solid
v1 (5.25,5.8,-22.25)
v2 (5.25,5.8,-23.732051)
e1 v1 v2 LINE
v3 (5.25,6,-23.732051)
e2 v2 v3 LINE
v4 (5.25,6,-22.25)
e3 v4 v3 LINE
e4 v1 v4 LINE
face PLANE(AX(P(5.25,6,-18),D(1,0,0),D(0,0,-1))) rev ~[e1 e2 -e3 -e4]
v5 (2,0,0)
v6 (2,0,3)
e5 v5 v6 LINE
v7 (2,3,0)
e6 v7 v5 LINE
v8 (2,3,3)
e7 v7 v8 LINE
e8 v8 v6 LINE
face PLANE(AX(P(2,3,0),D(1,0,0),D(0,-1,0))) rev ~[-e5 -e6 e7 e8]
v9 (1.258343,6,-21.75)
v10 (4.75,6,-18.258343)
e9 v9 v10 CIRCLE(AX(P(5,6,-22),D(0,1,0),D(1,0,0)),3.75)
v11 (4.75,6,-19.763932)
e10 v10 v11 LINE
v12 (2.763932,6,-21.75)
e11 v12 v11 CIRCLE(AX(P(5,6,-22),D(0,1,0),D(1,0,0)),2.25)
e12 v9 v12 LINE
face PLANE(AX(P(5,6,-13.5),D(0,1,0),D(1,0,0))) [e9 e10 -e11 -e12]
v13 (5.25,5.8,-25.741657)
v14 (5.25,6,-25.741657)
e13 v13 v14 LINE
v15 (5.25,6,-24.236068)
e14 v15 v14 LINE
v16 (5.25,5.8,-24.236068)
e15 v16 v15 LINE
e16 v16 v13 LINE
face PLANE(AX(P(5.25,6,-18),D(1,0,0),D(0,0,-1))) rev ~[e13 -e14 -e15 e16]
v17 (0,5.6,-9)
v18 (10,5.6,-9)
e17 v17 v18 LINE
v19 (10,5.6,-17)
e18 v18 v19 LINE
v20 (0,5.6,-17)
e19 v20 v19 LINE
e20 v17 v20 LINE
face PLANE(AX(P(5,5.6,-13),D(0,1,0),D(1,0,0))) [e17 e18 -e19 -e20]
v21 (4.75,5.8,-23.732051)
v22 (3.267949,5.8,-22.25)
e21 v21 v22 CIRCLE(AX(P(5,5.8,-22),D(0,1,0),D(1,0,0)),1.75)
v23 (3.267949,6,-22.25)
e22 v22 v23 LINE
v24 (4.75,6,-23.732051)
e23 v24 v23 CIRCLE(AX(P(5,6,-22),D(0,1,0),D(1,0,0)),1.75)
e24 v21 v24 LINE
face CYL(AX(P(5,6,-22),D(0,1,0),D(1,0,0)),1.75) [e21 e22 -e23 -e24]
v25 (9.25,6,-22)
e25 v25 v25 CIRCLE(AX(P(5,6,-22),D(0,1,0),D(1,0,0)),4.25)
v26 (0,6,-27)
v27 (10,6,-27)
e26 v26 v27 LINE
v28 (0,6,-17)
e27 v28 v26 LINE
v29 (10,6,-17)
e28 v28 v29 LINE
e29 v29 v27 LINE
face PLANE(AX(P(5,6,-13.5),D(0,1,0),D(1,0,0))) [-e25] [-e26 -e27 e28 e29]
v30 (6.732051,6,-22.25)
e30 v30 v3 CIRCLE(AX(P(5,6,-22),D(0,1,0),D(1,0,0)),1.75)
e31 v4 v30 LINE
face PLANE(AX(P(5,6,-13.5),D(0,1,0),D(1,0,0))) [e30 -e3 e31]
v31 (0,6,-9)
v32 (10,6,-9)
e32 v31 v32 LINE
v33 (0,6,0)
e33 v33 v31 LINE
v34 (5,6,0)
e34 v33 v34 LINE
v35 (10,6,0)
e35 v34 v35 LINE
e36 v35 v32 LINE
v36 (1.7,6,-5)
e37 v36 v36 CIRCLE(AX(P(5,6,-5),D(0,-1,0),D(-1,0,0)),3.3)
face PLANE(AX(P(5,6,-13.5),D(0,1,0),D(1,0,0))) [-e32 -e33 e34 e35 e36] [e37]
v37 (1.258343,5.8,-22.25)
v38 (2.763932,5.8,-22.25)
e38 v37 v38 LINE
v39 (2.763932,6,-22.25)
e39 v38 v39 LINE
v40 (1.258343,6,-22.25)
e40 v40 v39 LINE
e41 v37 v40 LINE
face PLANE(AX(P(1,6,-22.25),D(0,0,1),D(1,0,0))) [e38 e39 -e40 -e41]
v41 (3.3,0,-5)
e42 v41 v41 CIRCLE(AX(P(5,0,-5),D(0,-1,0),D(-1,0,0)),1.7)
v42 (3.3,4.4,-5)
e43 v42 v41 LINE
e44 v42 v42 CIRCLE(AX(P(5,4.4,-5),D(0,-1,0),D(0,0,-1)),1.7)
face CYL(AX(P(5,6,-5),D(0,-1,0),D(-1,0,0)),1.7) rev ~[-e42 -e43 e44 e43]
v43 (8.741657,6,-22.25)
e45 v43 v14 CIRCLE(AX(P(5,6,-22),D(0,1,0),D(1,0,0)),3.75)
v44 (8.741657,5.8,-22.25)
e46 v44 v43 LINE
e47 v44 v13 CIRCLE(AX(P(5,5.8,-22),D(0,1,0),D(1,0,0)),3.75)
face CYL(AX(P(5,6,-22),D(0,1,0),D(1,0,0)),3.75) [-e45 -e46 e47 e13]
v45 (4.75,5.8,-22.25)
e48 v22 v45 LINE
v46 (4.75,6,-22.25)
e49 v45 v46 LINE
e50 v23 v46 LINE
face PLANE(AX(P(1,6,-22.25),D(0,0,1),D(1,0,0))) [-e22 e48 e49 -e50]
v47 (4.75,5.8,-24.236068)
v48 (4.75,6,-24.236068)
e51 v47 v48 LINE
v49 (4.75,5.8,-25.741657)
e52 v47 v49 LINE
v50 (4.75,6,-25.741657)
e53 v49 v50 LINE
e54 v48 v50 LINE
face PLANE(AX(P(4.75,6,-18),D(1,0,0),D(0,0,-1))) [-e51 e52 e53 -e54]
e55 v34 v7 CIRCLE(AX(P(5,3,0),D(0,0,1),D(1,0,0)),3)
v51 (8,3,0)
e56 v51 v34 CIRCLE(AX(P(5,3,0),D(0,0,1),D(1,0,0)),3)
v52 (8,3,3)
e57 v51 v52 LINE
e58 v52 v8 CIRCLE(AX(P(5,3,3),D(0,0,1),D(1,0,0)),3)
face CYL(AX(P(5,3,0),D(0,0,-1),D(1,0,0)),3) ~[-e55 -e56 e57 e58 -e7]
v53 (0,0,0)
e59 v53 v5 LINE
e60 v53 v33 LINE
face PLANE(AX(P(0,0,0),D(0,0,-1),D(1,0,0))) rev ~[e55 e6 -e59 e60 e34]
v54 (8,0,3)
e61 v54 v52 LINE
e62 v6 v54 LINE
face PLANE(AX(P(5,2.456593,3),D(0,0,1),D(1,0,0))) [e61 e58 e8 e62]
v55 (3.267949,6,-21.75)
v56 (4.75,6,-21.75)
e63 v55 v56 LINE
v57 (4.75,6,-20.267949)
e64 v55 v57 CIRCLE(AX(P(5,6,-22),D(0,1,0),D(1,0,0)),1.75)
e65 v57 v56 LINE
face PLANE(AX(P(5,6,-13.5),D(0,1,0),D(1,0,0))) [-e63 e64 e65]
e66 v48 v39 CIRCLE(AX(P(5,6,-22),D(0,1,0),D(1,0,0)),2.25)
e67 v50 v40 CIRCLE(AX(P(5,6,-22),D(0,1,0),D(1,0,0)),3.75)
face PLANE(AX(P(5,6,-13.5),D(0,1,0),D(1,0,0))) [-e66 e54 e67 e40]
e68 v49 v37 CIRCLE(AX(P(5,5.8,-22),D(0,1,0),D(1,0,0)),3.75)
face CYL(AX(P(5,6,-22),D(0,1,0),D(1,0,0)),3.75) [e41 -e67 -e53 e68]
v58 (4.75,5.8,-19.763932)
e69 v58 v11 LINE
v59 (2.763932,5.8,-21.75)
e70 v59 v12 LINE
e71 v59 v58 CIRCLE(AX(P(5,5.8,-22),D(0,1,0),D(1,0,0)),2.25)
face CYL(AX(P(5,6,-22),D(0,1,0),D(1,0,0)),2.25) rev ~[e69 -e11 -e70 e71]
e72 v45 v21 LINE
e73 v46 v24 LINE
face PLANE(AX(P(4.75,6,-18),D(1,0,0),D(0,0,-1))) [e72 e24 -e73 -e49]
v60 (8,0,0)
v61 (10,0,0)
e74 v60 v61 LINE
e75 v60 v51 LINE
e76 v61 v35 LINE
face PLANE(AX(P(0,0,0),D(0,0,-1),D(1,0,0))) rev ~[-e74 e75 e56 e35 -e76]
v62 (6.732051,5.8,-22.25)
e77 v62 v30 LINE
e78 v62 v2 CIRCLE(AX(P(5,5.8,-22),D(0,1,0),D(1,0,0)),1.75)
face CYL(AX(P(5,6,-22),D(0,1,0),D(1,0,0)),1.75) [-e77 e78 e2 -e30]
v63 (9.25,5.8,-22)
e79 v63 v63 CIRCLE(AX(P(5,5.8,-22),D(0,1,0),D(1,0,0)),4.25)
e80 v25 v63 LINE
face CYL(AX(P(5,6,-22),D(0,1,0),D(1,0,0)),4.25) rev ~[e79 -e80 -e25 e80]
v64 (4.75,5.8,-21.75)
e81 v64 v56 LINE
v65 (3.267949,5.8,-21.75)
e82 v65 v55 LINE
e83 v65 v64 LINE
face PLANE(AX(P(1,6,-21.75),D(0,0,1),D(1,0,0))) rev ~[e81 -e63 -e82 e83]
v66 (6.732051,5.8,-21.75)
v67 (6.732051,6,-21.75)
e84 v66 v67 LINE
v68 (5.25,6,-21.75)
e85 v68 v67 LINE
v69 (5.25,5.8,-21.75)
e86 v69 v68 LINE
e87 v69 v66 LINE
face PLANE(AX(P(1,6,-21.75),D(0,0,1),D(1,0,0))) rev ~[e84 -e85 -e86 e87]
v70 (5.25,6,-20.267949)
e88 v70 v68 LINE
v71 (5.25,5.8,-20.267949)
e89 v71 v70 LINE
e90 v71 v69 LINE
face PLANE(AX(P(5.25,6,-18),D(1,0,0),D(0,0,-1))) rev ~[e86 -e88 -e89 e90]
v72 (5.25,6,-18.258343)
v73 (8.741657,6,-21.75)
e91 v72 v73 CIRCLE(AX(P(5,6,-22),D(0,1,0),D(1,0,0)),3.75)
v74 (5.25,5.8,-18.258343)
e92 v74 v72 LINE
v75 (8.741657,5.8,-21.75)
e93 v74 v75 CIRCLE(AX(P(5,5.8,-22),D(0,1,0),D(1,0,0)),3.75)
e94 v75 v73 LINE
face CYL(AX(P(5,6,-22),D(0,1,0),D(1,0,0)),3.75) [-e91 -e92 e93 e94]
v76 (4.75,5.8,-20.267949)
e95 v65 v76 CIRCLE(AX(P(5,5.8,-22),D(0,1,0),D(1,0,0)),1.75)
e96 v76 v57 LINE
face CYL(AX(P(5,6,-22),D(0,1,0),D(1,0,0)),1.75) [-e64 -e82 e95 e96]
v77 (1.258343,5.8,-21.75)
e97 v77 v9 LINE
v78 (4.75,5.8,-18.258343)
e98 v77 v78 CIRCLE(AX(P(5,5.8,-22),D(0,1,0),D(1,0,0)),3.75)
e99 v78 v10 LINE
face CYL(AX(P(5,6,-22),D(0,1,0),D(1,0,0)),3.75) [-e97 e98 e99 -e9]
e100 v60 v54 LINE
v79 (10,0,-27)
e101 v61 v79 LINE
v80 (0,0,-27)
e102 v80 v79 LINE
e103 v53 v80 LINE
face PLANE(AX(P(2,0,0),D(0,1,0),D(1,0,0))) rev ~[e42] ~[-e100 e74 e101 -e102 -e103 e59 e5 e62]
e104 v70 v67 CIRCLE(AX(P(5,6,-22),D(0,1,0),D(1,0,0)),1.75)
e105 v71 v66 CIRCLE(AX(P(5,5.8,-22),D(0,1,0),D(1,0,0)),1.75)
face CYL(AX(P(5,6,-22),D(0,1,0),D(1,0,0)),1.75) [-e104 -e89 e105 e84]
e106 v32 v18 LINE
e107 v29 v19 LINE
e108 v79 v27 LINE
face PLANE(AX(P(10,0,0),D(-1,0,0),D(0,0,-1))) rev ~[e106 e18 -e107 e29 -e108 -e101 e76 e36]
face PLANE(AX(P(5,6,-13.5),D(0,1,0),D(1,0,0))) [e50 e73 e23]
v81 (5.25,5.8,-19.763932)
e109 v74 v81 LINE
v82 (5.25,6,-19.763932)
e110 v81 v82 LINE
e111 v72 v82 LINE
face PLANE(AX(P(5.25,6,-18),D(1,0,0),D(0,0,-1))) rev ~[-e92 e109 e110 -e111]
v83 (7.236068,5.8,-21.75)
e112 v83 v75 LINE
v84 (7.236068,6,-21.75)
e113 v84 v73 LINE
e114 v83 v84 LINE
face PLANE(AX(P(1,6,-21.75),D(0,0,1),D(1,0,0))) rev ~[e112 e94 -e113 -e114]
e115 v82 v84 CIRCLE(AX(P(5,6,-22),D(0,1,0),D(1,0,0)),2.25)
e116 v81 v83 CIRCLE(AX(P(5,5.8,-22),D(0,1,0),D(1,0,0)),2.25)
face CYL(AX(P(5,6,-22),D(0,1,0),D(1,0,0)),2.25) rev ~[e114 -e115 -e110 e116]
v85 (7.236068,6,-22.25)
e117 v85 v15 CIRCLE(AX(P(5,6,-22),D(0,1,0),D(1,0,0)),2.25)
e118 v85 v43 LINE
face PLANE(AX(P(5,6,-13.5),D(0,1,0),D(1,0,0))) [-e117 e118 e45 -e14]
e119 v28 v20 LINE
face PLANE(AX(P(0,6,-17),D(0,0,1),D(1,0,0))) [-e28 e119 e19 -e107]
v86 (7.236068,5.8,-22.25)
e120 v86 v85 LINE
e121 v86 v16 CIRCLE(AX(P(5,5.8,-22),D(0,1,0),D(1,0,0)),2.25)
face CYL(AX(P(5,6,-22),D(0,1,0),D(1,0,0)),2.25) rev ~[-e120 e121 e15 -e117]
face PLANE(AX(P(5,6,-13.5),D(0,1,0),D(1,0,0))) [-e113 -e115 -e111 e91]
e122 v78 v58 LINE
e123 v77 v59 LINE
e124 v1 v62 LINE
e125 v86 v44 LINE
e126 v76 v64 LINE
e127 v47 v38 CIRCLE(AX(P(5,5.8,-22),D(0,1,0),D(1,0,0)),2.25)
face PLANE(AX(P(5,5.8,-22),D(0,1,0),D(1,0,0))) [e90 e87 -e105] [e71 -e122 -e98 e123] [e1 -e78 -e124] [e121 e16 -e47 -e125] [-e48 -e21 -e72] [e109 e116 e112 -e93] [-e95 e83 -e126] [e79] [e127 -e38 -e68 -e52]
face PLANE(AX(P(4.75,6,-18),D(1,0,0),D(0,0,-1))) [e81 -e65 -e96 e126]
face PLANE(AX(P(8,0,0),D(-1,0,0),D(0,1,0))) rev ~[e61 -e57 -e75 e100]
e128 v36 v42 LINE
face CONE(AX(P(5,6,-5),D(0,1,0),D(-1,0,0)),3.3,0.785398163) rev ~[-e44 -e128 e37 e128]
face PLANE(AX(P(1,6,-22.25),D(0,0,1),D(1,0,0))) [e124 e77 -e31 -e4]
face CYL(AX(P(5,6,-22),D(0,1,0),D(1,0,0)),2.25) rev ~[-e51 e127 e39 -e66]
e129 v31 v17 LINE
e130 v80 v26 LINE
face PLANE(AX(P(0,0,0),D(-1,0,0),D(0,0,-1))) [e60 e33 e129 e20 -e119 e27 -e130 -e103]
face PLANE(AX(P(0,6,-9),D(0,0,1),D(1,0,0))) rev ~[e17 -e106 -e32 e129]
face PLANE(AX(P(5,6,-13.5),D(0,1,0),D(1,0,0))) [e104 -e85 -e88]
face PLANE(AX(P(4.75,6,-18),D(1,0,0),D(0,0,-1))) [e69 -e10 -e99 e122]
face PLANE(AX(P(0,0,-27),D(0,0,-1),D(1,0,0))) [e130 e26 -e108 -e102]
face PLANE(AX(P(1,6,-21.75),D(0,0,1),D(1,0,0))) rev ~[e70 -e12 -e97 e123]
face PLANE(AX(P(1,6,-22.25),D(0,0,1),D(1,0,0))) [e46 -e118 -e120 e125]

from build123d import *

# Parameters (mm, degrees)
SKETCH_1_W                = 10
SKETCH_1_H                = 27
SKETCH_1_R                = 1.5
EXTRUDE_1_DEPTH           = 6
SKETCH_2_R                = 4.25
SKETCH_2_R_2              = 3.75
SKETCH_2_R_3              = 2.25
SKETCH_2_R_4              = 1.75
SKETCH_2_W                = 8
SKETCH_2_H                = 0.5
SKETCH_2_W_2              = 0.5
SKETCH_2_H_2              = 8
CUT_EXTRUDE_1_DEPTH       = 0.2
SKETCH_3_W                = 10
SKETCH_3_H                = 8
CUT_EXTRUDE_1_2_DEPTH     = 0.4
HOLE_WIZARD_1_D           = 3.4
HOLE_WIZARD_1_DEPTH       = 22.25
HOLE_WIZARD_1_CSINK_D     = 6.6
HOLE_WIZARD_1_CSINK_ANGLE = 90
HOLE_WIZARD_1_TIP         = 1.021463052
EXTRUDE_2_DEPTH           = 3


with BuildPart() as part:
    # 草图1 → 凸台-拉伸1 (new body)
    with BuildSketch(Plane(origin=(0, 0, 0), x_dir=(1, 0, 0), z_dir=(0, 1, 0))):
        with Locations((5, 13.5)):
            Rectangle(SKETCH_1_W, SKETCH_1_H)
        with Locations(Location((5, 5, 0), (0, 0, 270))):
            Circle(SKETCH_1_R, mode=Mode.SUBTRACT)
    extrude(amount=EXTRUDE_1_DEPTH)

    # 草图2 → Cut-Extrude 1 (cut)
    # profile 1 of 4: a face of its own
    with BuildSketch(Plane(origin=(0, 6, 0), x_dir=(1, 0, 0), z_dir=(0, 1, 0))):
        with Locations((5, 22)):
            Circle(SKETCH_2_R)
        with Locations((5, 22)):
            Circle(SKETCH_2_R_2, mode=Mode.SUBTRACT)
    # profile 2 of 4: a face of its own
    with BuildSketch(Plane(origin=(0, 6, 0), x_dir=(1, 0, 0), z_dir=(0, 1, 0))):
        with Locations((5, 22)):
            Circle(SKETCH_2_R_3)
        with Locations((5, 22)):
            Circle(SKETCH_2_R_4, mode=Mode.SUBTRACT)
    # profile 3 of 4: a face of its own
    with BuildSketch(Plane(origin=(0, 6, 0), x_dir=(1, 0, 0), z_dir=(0, 1, 0))):
        with Locations((5, 22)):
            Rectangle(SKETCH_2_W, SKETCH_2_H)
    # profile 4 of 4: a face of its own
    with BuildSketch(Plane(origin=(0, 6, 0), x_dir=(1, 0, 0), z_dir=(0, 1, 0))):
        with Locations((5, 22)):
            Rectangle(SKETCH_2_W_2, SKETCH_2_H_2)
    extrude(amount=-CUT_EXTRUDE_1_DEPTH, mode=Mode.SUBTRACT)

    # 草图3 → Cut-Extrude 1 2 (cut)
    with BuildSketch(Plane(origin=(0, 6, 0), x_dir=(1, 0, 0), z_dir=(0, 1, 0))):
        with Locations((5, 13)):
            Rectangle(SKETCH_3_W, SKETCH_3_H)
    extrude(amount=-CUT_EXTRUDE_1_2_DEPTH, mode=Mode.SUBTRACT)

    # 打孔尺寸(%根据十字)槽半沉头木螺钉的类型1
    with Locations(Plane(origin=(0, 6, 0), x_dir=(1, 0, 0), z_dir=(0, 1, 0))):
        with Locations((5, 5)):
            CounterSinkHole(HOLE_WIZARD_1_D / 2, HOLE_WIZARD_1_CSINK_D / 2, depth=HOLE_WIZARD_1_DEPTH, counter_sink_angle=HOLE_WIZARD_1_CSINK_ANGLE)
            with Locations((0, 0, -(HOLE_WIZARD_1_DEPTH + HOLE_WIZARD_1_TIP / 2))):  # 118° drill point
                Cone(0, HOLE_WIZARD_1_D / 2, HOLE_WIZARD_1_TIP, mode=Mode.SUBTRACT)

    # 草图6 → 凸台-拉伸2 (add)
    with BuildSketch(Plane.XY):
        with BuildLine():
            Line((2, 3), (2, 0))
            Line((2, 0), (8, 0))
            Line((8, 0), (8, 3))
            ThreePointArc((8, 3), (5, 6), (2, 3))
        make_face()
    extrude(amount=EXTRUDE_2_DEPTH)


solid = part.part
